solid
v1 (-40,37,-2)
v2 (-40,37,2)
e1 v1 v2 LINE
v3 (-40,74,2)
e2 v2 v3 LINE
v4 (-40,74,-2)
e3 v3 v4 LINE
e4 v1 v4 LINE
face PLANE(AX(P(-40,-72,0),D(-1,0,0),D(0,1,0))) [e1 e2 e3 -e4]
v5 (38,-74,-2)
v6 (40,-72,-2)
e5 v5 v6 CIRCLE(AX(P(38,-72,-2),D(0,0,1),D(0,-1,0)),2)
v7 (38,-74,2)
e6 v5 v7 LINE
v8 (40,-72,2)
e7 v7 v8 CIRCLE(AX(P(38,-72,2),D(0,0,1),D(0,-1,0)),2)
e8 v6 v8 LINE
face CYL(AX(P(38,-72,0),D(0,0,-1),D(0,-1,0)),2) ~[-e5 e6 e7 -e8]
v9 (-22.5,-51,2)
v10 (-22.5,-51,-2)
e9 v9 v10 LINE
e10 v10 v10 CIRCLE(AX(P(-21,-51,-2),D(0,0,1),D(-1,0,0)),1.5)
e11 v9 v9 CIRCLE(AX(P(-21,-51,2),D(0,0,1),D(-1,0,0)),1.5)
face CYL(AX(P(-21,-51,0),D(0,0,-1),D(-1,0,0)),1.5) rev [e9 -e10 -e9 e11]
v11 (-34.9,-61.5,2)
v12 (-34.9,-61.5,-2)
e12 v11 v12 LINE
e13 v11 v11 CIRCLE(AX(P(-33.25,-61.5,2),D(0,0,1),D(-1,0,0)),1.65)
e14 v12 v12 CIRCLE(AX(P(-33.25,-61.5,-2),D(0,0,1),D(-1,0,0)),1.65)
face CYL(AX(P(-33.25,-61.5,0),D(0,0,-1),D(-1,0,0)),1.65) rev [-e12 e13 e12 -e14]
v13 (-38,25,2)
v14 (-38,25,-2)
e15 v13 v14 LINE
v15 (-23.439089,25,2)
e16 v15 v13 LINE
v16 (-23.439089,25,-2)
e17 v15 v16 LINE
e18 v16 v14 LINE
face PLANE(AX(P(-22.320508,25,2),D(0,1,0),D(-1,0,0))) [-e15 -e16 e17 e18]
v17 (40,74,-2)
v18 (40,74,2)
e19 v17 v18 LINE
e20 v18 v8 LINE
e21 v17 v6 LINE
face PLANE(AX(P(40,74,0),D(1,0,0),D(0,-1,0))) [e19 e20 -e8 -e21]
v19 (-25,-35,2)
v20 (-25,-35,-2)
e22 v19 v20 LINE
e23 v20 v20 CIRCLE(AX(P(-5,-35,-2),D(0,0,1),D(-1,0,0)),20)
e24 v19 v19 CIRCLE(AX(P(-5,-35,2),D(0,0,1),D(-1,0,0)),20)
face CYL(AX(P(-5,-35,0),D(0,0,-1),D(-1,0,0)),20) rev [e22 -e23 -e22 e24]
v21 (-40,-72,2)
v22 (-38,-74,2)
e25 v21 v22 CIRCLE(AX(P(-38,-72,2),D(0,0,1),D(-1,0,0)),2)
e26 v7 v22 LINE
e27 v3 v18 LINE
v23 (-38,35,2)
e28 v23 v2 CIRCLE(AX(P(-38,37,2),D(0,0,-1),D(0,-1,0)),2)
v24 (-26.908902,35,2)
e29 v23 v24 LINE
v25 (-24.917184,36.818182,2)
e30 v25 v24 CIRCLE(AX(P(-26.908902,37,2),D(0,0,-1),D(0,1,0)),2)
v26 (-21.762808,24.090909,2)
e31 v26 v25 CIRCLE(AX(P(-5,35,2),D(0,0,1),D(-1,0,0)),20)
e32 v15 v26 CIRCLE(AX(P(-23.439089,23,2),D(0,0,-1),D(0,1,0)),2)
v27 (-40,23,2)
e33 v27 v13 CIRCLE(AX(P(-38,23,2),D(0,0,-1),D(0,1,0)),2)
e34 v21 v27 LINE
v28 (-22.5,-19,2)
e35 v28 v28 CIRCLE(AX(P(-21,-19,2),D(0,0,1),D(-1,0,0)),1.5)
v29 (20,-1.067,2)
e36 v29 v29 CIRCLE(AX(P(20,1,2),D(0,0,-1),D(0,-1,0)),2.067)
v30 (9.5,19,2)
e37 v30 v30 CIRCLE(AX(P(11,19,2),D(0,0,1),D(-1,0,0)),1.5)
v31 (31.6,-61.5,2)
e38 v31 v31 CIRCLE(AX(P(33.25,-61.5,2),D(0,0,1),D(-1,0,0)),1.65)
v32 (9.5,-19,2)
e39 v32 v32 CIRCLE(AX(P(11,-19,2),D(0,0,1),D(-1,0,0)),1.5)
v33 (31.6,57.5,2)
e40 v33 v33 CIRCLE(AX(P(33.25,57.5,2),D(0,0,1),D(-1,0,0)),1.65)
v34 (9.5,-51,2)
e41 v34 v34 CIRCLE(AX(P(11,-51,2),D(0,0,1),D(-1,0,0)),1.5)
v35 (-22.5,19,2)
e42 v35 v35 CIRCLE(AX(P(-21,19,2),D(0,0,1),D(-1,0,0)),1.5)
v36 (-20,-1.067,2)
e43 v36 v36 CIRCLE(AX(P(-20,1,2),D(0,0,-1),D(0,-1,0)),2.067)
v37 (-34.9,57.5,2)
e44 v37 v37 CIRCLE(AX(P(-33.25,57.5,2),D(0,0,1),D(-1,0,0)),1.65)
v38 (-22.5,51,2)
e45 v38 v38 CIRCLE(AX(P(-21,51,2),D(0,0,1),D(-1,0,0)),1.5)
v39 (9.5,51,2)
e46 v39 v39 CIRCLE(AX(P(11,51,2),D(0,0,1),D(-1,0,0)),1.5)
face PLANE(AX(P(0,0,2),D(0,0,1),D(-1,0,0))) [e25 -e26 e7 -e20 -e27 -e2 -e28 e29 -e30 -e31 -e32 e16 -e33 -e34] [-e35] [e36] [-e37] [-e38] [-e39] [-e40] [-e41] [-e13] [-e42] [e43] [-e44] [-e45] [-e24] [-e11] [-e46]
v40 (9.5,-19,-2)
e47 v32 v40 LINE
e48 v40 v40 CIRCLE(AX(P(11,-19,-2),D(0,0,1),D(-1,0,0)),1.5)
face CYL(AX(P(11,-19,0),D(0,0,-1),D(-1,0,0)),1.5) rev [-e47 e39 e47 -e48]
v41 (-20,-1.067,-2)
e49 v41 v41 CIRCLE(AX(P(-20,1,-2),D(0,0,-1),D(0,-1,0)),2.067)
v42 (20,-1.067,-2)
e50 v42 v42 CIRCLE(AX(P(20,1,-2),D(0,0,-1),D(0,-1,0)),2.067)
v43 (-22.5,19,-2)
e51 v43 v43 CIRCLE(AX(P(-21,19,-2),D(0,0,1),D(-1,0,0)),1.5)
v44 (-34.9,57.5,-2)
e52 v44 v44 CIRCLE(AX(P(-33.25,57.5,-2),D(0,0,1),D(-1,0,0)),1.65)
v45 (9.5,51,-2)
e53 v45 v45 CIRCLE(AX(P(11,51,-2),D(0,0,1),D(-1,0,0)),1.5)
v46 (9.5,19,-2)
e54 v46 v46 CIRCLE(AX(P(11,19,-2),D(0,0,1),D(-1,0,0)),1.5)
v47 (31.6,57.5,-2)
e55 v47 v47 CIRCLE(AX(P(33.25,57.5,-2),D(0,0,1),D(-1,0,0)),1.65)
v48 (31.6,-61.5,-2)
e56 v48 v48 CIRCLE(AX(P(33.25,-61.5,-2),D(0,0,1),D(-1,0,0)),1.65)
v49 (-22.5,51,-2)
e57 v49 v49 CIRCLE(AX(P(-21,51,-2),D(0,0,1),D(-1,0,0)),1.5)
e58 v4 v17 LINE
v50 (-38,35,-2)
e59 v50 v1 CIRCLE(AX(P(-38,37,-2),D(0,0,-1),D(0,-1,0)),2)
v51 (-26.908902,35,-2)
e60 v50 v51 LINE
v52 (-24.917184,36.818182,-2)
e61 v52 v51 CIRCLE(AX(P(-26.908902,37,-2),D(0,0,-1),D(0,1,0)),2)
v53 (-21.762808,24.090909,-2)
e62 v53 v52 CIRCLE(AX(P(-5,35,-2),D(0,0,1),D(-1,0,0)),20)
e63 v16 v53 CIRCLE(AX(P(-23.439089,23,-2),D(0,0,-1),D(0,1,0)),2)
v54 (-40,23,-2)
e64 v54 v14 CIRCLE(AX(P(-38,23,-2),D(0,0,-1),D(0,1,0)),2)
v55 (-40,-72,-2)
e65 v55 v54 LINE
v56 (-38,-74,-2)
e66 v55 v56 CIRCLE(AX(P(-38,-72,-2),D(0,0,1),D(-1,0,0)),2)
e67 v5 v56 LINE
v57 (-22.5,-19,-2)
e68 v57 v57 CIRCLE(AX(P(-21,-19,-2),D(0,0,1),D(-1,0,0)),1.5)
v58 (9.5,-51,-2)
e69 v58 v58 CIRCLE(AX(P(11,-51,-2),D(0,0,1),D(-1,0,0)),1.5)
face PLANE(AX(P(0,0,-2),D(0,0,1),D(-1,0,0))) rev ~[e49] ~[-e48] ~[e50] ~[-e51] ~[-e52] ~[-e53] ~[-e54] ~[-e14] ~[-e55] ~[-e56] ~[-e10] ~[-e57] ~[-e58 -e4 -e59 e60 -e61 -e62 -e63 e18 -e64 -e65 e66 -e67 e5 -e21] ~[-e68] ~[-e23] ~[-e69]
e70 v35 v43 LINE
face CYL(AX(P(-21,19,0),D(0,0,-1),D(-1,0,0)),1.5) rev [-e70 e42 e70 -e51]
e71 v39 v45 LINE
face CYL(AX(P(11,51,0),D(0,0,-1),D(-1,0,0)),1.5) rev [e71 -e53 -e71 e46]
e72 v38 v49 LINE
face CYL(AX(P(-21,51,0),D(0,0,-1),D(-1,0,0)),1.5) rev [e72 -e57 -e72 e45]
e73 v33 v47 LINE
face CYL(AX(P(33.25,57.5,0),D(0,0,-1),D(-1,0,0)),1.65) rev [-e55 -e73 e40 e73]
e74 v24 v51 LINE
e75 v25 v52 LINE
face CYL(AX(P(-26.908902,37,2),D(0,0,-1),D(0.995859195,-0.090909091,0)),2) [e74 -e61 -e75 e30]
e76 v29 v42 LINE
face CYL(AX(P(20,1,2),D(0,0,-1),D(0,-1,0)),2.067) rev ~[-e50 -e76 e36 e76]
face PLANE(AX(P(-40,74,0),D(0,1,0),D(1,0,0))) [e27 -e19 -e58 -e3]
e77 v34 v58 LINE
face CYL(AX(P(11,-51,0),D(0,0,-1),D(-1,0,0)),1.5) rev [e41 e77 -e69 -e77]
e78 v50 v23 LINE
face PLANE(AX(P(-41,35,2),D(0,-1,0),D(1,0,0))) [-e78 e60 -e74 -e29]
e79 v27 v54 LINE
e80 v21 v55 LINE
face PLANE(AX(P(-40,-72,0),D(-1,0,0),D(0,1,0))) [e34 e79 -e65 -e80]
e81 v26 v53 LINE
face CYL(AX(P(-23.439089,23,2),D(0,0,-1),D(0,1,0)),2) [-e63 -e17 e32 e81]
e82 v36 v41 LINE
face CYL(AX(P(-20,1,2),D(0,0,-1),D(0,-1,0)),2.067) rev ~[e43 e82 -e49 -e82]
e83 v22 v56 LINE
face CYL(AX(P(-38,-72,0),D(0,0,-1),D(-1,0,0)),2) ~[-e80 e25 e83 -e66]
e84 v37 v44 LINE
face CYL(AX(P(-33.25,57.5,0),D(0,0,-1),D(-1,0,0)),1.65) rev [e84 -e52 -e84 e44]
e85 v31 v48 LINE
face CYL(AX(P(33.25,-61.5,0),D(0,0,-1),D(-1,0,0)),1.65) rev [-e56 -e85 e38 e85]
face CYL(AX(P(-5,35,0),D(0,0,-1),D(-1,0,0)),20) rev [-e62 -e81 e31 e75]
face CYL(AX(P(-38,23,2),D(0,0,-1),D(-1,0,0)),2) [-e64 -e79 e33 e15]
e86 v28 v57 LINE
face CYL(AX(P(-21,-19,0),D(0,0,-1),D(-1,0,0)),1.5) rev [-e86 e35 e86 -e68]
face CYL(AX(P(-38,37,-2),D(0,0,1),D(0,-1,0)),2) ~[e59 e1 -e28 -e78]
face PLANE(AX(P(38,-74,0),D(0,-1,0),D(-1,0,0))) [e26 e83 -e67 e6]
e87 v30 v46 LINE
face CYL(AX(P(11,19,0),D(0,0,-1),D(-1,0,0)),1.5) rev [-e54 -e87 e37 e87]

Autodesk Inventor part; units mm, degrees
ref_plane "YZ Plane" through (0, 0, 0) normal (1, 0, 0) x (0, 1, 0)
ref_plane "XZ Plane" through (0, 0, 0) normal (0, 1, 0) x (-1, 0, 0)
ref_plane "XY Plane" through (0, 0, 0) normal (0, 0, 1) x (1, 0, 0)
sketch "Sketch1" plane through (0, 0, 0) normal (0, 0, 1) x (-1, 0, 0)
  line L0 (-38, 74) -> (38, 74)
  line L1 (40, 72) -> (40, -74)
  line L2 (40, -74) -> (-40, -74)
  line L3 (-40, -74) -> (-40, 72)
  circle A0 centre (-33.25, 61.5) radius 1.65
  circle A1 centre (33.25, 61.5) radius 1.65
  circle A2 centre (33.25, -57.5) radius 1.65
  circle A3 centre (-33.25, -57.5) radius 1.65
  line L4 (-33.25, 61.5) -> (33.25, 61.5) construction
  line L5 (33.25, 61.5) -> (33.25, -57.5) construction
  circle A4 centre (5, 35) radius 20
  circle A5 centre (5, -35) radius 20
  line L6 (5, 35) -> (5, -35) construction
  line L7 (-11, -51) -> (21, -51) construction
  line L8 (21, -51) -> (21, -19) construction
  line L9 (-11, 51) -> (21, 51) construction
  line L10 (21, 51) -> (21, 19) construction
  circle A6 centre (-11, 51) radius 1.5
  circle A7 centre (21, 51) radius 1.5
  circle A8 centre (21, 19) radius 1.5
  circle A9 centre (-11, 19) radius 1.5
  circle A10 centre (21, -19) radius 1.5
  circle A11 centre (21, -51) radius 1.5
  circle A12 centre (-11, -51) radius 1.5
  circle A13 centre (-11, -19) radius 1.5
  arc A14 (-38, 74) -> (-40, 72) centre (-38, 72) ccw
  arc A15 (40, 72) -> (38, 74) centre (38, 72) ccw
  point P0 (0, 0)
  point P1 (-40, 74)
  point P2 (40, 74)
  point P3 (0, 74)
  point P4 (-40, 0)
  point P5 (0, 61.5)
  point P6 (5, 0)
  point P7 (21, 35)
  point P8 (5, 51)
  point P9 (5, -51)
  point P10 (21, -35)
  dimension "d15" = 2
  dimension "d0" = 80
  dimension "d1" = 148
  dimension "d2" = 3.3
  dimension "d3" = 119
  dimension "d4" = 66.5
  dimension "d20" = 40
  dimension "d21" = 40
  dimension "d22" = 70
  dimension "d23" = 32
  dimension "d24" = 3
  dimension "d26" = 5
  dimension "d28" = 2
  dimension "d29" = 16.5
  dimension "d30" = 74
extrude "soporte circuito KAEN" add sketch "Sketch1" along normal mid plane 4
sketch "Sketch2" plane through (0, 0, 2) normal (0, 0, 1) x (-1, 0, 0)
  line L0 (-20, -1) -> (20, -1) construction
  line L1 (40, -74) -> (40, 72) construction
  line L2 (-40, -74) -> (40, -74) projected
  point P0 (0, 0)
  point P1 (36.5, 73)
  point P2 (0, -1)
  point P3 (36.5, -74)
  point P4 (-36.5, -74)
  point P5 (34.5, -75)
  point P6 (40, 72)
  dimension "d11" = 40
  dimension "d25" = 73
hole "M5" at (20, 1, 2) at (-20, 1, 2) direction (0, 0, -1) diameter 4.134 end through all thread size "M5x0.8" class "6H" standard "ANSI Metric M Profile"
sketch "Sketch3" plane through (0, 0, 2) normal (0, 0, 1) x (1, 0, 0)
  line L0 (-41, 35) -> (-22, 35)
  line L1 (-22, 35) -> (-22, 25)
  line L2 (-22, 25) -> (-41, 25)
  line L3 (-41, 25) -> (-41, 35)
  circle A0 centre (-5, 35) radius 20 projected
  point P0 (0, 0)
  point P1 (-31.5, 35)
  point P2 (-22.3205, 25)
  point P3 (-25, 35)
  dimension "d31" = 10
  dimension "d32" = 19
  dimension "d33" = 17
extrude "Extrusion2" cut sketch "Sketch3" against normal through all contours L0 A0 L2 L3
fillet "Fillet2" radius 2 4 edges at (-40, 35, 0) (-40, 25, 0) (-25, 35, 0) (-22.3205, 25, 0)
properties part number "Placa soporte TIC DC" material "Polycarbonate, Smoke"
